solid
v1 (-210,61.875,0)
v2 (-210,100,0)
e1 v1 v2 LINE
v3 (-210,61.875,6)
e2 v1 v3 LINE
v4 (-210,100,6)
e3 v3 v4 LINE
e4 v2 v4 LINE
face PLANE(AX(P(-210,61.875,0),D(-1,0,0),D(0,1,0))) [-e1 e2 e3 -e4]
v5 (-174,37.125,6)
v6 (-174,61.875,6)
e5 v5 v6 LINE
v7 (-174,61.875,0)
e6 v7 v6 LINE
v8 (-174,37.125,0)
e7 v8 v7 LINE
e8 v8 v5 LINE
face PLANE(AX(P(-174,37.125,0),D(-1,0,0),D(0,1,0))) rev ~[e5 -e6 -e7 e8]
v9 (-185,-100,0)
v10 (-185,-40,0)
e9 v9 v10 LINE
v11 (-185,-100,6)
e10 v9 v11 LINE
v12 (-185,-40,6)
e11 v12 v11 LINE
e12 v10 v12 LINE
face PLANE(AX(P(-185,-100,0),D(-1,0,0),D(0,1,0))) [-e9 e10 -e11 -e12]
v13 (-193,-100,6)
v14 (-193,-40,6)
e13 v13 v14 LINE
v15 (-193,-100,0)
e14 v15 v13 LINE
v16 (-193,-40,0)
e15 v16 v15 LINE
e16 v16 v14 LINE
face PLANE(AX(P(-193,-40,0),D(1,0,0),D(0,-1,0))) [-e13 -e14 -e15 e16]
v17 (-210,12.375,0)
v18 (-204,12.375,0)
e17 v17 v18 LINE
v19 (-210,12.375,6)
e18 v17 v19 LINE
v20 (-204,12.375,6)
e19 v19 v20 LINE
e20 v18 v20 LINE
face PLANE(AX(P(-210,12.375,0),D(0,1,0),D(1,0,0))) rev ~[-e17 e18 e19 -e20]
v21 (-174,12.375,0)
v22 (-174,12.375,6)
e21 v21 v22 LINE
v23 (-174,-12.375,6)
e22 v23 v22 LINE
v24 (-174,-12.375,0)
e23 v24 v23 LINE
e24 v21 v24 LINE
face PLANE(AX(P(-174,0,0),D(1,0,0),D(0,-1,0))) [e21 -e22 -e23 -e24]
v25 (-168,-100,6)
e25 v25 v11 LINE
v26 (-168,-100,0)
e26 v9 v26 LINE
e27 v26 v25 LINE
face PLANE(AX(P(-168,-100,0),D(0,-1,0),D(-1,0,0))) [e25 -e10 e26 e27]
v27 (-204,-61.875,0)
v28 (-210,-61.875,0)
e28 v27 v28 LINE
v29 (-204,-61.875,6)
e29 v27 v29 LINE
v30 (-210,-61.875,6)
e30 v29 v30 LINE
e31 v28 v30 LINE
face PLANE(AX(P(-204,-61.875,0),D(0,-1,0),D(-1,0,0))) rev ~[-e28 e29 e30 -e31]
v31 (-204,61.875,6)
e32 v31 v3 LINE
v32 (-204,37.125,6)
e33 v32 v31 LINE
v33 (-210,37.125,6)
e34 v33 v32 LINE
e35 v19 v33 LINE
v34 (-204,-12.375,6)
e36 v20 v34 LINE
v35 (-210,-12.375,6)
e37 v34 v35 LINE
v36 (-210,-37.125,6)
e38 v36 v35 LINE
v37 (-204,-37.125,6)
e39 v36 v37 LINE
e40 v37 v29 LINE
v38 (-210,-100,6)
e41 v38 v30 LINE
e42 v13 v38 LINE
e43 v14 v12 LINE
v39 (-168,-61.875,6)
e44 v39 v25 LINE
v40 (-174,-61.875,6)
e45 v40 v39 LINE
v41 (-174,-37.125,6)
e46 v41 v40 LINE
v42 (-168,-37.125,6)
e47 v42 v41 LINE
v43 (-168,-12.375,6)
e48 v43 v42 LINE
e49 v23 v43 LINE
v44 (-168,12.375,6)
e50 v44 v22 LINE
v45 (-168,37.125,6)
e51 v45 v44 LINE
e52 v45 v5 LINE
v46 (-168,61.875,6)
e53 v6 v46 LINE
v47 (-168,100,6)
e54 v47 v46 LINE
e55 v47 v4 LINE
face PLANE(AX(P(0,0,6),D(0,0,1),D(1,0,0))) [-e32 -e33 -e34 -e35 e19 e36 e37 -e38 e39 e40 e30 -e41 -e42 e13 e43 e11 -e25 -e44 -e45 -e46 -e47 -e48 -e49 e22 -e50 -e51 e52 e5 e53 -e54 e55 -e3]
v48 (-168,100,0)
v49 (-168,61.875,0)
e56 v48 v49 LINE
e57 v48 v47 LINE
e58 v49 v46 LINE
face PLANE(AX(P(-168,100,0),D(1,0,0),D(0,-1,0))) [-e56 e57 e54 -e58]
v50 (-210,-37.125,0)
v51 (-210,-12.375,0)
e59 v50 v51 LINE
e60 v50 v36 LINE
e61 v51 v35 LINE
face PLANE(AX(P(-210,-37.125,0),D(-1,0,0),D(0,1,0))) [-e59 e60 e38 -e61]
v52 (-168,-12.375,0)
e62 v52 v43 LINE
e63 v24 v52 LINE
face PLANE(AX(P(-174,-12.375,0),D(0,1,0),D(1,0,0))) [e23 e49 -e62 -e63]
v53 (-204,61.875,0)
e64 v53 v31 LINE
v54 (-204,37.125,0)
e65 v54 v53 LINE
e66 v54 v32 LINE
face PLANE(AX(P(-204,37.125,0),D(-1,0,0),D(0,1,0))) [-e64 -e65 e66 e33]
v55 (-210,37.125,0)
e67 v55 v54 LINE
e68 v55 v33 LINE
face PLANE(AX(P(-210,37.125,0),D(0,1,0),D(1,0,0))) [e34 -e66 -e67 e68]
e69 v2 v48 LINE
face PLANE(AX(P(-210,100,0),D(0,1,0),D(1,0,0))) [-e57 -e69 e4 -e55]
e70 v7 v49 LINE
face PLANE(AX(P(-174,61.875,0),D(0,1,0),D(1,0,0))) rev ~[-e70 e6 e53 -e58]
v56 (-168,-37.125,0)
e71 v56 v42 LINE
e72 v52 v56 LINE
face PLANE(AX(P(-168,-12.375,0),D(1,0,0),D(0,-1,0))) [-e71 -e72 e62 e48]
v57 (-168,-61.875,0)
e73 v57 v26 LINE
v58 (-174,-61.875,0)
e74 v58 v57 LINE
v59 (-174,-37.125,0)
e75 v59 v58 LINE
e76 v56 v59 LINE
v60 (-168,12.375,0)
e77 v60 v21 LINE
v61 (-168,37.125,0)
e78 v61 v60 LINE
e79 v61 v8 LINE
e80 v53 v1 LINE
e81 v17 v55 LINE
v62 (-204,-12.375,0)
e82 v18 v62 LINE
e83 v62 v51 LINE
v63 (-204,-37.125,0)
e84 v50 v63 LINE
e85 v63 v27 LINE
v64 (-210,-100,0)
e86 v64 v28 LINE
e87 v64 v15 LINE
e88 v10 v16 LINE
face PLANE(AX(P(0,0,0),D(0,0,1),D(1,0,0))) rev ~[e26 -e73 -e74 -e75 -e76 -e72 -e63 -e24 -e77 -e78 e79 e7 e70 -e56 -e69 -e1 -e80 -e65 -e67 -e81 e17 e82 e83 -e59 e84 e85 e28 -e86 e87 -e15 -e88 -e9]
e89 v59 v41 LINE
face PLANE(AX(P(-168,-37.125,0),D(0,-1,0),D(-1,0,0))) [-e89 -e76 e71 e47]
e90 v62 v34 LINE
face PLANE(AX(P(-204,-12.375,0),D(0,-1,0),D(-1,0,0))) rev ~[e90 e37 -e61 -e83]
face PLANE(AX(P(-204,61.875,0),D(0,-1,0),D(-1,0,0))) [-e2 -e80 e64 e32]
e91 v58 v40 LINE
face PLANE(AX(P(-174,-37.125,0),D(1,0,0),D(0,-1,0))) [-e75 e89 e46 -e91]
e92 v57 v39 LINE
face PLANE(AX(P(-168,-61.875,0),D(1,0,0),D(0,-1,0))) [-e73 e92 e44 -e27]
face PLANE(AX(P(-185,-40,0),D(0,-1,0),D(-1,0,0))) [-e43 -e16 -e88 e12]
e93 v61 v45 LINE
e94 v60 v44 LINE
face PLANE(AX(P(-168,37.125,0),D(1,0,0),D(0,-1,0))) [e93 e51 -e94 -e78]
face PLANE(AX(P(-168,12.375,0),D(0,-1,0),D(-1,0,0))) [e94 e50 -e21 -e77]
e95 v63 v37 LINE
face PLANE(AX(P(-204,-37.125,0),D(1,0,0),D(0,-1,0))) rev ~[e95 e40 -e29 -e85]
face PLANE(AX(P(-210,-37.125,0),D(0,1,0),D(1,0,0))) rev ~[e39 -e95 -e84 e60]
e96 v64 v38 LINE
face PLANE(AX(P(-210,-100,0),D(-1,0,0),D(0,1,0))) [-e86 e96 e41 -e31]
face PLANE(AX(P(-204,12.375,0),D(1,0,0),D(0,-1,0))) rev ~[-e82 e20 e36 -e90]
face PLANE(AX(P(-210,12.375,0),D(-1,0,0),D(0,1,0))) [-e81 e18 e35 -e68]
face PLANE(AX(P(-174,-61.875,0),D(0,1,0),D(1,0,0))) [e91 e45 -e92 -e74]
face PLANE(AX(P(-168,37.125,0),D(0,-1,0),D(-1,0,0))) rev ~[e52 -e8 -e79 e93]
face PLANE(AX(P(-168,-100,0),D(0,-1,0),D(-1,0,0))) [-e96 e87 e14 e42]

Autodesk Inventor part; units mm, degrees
ref_plane "YZ Plane" through (0, 0, 0) normal (1, 0, 0) x (0, 1, 0)
ref_plane "XZ Plane" through (0, 0, 0) normal (0, 1, 0) x (-1, 0, 0)
ref_plane "XY Plane" through (0, 0, 0) normal (0, 0, 1) x (1, 0, 0)
sketch "Sketch1" plane through (0, 0, 0) normal (0, 0, 1) x (1, 0, 0)
  line L0 (-168, -100) -> (-210, -100)
  line L1 (-210, -100) -> (-210, 100)
  line L2 (-210, 100) -> (-168, 100)
  line L3 (-168, 100) -> (-168, -100)
  line L4 (-168, -100) -> (-210, 100) construction
  line L5 (-210, -100) -> (-168, 100) construction
  line L6 (-168, 0) -> (-168, 12.375)
  line L7 (-168, 12.375) -> (-174, 12.375)
  line L8 (-174, 12.375) -> (-174, -12.375)
  line L9 (-174, -12.375) -> (-168, -12.375)
  line L10 (-168, 12.375) -> (-168, 37.125)
  line L11 (-168, 37.125) -> (-174, 37.125)
  line L12 (-174, 37.125) -> (-174, 61.875)
  line L13 (-174, 61.875) -> (-168, 61.875)
  line L14 (-168, -12.375) -> (-168, -37.125)
  line L15 (-168, -37.125) -> (-174, -37.125)
  line L16 (-174, -37.125) -> (-174, -61.875)
  line L17 (-174, -61.875) -> (-168, -61.875)
  line L18 (-189, 0) -> (-189, 100)
  line L19 (-189, 0) -> (-173.1792, 0)
  line L20 (-210, 12.375) -> (-204, 12.375)
  line L21 (-204, 12.375) -> (-204, -12.375)
  line L22 (-204, -12.375) -> (-210, -12.375)
  line L23 (-210, 37.125) -> (-204, 37.125)
  line L24 (-204, 37.125) -> (-204, 61.875)
  line L25 (-204, 61.875) -> (-210, 61.875)
  line L26 (-210, -37.125) -> (-204, -37.125)
  line L27 (-204, -37.125) -> (-204, -61.875)
  line L28 (-204, -61.875) -> (-210, -61.875)
  line L29 (-185, -40) -> (-193, -40)
  line L30 (-193, -40) -> (-193, -100)
  line L31 (-193, -100) -> (-185, -100)
  line L32 (-185, -100) -> (-185, -40)
  line L33 (-185, -40) -> (-193, -100) construction
  line L34 (-193, -40) -> (-185, -100) construction
  point P0 (-210, 61.875)
  point P1 (-210, 37.125)
  point P2 (-210, 12.375)
  point P3 (-210, -12.375)
  point P4 (-210, -37.125)
  point P5 (-210, -61.875)
  point P6 (-189, -70)
  dimension "d18" = 42
  dimension "d19" = 200
  dimension "d20" = 12.375
  dimension "d21" = 6
  dimension "d22" = 24.75
  dimension "d23" = 24.75
  dimension "d24" = 6
  dimension "d25" = 24.75
  dimension "d26" = 24.75
  dimension "d27" = 6
  dimension "d28" = 24.75
  dimension "d31" = 8
  dimension "d32" = 60
  dimension "d34" = 0
  dimension "d35" = 21
extrude "Extrusion1" add sketch "Sketch1" along normal blind 6 contours L0 L32 L29 L30 L1 L28 L27 L26 L22 L21 L20 L23 L24 L25 L2 L18 L19 L8 L9 L3 L15 L16 L17 | L0 L30 L29 L32 | L7 L8 L19 L18 L2 L3 L13 L12 L11
extrude "Extrusion2" cut sketch "Sketch1" along normal blind 10 contours L0 L30 L29 L32
properties part number "Base_1"
